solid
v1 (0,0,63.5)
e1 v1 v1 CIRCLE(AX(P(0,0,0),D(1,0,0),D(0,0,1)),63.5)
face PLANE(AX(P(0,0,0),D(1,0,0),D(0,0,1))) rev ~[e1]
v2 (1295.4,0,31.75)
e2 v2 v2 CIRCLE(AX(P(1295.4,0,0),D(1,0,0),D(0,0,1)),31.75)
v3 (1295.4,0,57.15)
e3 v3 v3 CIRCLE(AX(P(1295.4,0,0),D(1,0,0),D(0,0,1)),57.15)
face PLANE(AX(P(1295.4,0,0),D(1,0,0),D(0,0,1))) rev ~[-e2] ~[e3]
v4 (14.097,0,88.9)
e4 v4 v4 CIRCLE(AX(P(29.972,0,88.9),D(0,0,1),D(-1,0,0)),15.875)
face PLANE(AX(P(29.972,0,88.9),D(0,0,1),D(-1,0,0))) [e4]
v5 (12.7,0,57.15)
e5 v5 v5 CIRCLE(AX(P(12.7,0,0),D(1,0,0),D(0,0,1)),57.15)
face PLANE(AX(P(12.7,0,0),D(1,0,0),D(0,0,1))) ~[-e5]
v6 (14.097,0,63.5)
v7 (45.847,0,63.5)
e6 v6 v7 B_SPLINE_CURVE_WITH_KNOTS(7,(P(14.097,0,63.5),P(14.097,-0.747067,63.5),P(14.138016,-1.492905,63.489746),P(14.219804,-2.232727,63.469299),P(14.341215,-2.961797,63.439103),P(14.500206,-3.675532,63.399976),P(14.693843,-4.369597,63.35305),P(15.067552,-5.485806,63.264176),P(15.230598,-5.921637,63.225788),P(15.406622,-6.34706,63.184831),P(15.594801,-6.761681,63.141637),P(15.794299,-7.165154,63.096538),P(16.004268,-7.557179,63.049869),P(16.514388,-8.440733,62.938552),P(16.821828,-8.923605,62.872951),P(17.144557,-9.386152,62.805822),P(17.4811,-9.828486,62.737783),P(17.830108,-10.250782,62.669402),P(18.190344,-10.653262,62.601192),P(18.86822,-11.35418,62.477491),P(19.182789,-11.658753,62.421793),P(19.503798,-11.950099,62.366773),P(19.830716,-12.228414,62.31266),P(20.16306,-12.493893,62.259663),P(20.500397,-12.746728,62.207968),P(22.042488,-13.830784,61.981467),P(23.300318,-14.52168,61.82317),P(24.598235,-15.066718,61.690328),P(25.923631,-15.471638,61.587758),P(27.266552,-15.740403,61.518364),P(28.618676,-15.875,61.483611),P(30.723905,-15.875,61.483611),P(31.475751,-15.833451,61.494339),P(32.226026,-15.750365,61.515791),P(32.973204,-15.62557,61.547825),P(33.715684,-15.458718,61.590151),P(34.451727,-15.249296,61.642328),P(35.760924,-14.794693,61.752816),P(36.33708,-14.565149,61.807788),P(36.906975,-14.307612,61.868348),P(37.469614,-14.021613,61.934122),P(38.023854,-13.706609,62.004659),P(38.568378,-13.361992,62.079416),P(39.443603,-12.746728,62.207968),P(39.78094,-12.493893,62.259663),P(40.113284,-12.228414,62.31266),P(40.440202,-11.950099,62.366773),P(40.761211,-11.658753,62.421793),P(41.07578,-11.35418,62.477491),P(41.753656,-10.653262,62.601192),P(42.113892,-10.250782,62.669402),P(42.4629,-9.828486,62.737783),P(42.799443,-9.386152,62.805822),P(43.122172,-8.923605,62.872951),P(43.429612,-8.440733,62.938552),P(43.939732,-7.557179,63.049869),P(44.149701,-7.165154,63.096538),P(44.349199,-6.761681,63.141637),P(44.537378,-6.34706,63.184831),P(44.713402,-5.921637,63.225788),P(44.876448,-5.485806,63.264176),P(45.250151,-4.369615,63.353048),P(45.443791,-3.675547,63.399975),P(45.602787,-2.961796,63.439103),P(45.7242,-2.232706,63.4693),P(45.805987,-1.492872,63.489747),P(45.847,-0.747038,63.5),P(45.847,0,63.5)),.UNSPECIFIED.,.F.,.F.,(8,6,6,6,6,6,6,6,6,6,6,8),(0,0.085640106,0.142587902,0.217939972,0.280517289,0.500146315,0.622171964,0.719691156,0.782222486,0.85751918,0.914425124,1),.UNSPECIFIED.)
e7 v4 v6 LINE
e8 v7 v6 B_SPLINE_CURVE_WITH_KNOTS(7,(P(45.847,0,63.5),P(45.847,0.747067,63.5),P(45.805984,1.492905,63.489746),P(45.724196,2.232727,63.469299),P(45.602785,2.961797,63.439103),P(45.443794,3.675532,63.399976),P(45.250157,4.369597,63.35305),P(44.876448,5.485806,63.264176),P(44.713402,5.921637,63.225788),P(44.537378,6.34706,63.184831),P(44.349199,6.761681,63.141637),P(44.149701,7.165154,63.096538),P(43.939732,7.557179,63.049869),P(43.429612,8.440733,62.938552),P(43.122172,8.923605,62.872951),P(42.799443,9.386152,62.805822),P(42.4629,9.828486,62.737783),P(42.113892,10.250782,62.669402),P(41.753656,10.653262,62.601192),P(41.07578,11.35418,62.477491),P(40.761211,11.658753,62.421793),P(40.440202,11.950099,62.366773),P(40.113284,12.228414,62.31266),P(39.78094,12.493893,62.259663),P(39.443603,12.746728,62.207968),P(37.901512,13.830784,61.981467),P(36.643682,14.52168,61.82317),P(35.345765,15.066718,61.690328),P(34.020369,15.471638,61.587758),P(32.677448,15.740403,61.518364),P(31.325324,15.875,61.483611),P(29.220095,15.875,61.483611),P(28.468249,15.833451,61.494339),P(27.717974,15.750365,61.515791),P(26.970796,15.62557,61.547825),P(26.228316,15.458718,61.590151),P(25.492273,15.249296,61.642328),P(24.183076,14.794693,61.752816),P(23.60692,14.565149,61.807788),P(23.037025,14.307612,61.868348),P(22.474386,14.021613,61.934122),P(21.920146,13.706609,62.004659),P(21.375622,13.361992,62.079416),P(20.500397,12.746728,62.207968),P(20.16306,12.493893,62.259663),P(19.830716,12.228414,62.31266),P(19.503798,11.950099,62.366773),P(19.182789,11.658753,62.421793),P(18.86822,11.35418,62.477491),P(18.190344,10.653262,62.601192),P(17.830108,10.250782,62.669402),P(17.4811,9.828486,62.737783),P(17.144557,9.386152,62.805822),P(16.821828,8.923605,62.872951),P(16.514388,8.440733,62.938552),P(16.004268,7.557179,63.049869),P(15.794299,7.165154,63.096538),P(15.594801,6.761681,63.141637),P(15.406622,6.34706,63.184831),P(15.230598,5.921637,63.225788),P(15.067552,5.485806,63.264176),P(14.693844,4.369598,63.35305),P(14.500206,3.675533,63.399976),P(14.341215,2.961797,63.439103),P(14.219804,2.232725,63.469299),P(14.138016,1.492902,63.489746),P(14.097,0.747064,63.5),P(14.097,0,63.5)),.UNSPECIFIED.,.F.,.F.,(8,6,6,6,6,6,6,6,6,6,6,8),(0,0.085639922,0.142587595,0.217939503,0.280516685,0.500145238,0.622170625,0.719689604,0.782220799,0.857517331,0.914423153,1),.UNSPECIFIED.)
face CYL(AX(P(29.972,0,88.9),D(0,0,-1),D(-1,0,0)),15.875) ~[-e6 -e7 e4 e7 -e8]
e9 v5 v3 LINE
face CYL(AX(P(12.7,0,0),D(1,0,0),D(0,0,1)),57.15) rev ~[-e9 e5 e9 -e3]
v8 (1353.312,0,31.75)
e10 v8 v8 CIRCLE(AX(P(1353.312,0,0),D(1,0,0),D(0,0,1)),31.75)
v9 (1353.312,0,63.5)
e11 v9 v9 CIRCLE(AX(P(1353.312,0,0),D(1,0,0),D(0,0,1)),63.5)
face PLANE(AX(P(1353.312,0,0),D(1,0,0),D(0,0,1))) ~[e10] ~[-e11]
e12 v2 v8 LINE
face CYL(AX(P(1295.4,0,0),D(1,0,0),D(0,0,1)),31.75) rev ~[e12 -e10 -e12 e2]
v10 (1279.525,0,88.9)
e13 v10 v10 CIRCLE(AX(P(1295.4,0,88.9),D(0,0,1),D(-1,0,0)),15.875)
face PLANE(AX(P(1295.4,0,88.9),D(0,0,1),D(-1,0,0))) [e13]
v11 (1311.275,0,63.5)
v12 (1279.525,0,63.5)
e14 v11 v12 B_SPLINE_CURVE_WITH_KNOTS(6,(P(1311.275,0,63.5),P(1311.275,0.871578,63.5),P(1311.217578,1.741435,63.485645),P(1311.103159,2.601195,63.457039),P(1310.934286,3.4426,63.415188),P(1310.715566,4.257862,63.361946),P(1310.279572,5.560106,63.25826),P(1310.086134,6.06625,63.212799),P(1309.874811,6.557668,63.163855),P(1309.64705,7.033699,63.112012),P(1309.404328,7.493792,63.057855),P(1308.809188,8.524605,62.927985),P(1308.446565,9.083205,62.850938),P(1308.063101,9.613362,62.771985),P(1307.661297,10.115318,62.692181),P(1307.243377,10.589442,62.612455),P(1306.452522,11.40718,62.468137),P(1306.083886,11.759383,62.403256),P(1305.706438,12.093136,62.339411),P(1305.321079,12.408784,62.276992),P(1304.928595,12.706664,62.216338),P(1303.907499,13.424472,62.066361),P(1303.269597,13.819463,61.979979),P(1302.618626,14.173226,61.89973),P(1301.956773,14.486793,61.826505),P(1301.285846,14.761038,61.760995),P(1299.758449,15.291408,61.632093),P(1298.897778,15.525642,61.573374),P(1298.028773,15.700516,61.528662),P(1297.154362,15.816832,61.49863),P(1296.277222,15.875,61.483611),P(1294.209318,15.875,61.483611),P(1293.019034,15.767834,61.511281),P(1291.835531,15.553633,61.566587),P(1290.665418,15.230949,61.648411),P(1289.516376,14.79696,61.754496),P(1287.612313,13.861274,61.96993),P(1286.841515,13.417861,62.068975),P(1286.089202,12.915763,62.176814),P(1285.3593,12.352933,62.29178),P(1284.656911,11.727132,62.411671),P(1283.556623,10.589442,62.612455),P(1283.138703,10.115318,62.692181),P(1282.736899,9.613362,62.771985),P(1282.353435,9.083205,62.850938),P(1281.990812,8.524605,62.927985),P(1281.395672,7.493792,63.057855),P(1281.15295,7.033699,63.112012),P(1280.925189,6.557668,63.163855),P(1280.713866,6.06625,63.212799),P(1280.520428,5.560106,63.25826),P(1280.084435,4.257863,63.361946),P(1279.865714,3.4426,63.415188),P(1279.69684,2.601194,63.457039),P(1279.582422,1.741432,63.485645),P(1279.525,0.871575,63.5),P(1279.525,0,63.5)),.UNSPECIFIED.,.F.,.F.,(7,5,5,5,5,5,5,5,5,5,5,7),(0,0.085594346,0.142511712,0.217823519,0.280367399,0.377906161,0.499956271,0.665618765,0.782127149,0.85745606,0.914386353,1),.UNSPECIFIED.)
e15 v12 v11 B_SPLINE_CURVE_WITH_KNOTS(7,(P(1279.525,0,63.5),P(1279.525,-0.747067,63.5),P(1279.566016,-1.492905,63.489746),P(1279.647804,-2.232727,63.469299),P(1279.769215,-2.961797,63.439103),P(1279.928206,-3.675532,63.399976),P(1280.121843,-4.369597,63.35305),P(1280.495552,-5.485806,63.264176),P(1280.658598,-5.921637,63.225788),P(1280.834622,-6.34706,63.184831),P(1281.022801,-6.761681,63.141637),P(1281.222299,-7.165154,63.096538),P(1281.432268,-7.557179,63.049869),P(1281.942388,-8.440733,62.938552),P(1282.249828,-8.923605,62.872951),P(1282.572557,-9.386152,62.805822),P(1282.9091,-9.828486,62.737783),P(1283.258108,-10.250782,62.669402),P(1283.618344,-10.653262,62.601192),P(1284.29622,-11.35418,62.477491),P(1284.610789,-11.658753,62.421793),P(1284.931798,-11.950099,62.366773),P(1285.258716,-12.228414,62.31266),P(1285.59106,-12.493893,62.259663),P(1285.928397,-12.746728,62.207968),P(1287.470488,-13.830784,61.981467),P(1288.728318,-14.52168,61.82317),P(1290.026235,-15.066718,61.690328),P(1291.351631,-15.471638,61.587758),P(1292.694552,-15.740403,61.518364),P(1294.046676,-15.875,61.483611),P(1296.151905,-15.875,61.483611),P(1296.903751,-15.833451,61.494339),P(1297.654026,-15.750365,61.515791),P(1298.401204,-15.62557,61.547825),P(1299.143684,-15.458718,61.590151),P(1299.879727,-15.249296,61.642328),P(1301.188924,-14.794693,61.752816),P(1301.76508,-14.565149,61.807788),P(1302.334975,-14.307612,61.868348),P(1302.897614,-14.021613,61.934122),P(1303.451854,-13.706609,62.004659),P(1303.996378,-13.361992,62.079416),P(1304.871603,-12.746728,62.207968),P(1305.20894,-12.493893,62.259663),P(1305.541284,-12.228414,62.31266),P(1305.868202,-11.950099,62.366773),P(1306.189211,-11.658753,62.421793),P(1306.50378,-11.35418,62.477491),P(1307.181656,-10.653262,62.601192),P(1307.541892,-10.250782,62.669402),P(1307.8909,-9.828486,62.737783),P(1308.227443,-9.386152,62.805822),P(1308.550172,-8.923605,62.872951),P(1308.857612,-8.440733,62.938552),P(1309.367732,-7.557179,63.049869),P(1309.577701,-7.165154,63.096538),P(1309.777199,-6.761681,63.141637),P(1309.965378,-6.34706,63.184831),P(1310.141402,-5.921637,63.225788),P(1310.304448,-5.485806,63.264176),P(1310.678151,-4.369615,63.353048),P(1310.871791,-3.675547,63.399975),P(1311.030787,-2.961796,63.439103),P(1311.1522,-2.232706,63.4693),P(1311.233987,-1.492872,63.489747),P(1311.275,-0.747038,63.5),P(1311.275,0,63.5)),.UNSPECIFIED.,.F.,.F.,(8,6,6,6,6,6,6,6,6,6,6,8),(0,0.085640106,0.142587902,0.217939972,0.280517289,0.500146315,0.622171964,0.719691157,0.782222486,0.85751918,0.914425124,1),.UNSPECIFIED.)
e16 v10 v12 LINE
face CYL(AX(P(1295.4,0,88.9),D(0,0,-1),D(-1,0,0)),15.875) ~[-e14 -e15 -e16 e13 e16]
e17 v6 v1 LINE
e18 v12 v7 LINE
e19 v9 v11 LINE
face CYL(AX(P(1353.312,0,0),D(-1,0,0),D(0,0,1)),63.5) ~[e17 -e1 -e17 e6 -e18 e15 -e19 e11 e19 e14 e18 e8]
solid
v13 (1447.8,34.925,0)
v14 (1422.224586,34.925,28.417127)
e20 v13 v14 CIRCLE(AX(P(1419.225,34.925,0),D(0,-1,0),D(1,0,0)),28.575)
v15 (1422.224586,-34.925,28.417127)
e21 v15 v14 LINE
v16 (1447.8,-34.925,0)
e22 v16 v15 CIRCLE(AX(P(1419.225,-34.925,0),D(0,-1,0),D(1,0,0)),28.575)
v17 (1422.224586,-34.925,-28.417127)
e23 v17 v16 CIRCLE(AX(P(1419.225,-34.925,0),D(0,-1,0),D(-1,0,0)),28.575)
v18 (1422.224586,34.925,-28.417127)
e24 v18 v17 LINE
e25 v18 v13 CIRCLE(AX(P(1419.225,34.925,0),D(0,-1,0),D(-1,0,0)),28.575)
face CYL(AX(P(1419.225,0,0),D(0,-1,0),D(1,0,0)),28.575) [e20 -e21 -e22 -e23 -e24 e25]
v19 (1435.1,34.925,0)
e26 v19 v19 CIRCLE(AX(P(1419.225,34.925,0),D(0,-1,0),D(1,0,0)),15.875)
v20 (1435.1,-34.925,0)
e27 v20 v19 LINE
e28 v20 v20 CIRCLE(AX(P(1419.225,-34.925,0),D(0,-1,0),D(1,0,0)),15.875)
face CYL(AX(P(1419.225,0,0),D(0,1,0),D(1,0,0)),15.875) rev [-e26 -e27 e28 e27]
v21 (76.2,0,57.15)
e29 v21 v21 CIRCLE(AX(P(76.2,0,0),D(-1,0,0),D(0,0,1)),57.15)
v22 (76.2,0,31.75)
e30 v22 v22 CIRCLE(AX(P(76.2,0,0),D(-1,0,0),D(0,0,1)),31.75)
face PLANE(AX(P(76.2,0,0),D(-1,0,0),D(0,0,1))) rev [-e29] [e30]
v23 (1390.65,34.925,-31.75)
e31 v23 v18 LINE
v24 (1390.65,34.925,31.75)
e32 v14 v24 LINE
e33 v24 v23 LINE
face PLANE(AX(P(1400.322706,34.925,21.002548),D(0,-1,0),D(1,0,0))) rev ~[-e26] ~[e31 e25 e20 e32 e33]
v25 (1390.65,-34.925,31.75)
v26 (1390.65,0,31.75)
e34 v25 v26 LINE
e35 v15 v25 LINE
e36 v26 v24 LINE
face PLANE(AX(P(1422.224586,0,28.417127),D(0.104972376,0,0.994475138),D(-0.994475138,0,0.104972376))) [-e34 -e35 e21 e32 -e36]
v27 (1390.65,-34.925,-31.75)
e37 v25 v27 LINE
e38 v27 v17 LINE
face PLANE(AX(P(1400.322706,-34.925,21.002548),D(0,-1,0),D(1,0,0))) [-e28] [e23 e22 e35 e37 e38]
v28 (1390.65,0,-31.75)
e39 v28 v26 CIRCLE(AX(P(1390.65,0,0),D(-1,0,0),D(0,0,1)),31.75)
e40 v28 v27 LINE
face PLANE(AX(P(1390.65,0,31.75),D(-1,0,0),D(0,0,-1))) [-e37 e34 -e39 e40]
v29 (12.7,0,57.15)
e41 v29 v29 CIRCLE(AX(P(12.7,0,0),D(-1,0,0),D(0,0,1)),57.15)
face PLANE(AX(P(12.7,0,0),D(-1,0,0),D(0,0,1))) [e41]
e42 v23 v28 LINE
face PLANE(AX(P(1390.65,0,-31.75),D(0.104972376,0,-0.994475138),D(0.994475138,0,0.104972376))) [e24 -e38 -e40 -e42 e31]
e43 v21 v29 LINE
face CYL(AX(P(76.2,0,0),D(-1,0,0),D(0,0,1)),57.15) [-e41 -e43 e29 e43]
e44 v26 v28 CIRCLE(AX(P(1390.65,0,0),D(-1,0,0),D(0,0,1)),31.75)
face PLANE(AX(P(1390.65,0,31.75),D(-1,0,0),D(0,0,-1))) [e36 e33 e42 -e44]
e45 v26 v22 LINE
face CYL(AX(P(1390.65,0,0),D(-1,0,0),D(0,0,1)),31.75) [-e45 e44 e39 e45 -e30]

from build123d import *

# Parameters (mm, degrees)
F0_W     = 15.875
F0_H     = 6.35
F0_H_2   = 25.4
F0_R     = 15.875
F5_DEPTH = 34.925


with BuildPart() as f1:
    # F0 (on Front) → F1 (revolve)
    with BuildSketch(Plane.XZ):
        Polygon((0, 63.5), (0, 0), (12.7, 0), (12.7, 57.15), (14.097, 57.15), (14.097, 63.5), align=None)
        with Locations((22.0345, 60.325)):
            Rectangle(F0_W, F0_H)
        Polygon((1279.525, 63.5), (29.972, 63.5), (29.972, 57.15), (76.2, 57.15), (1279.525, 57.15), align=None)
        with Locations((1287.4625, 60.325)):
            Rectangle(F0_W, F0_H)
        Polygon((1295.4, 31.75), (1353.312, 31.75), (1353.312, 63.5), (1295.4, 63.5), (1295.4, 57.15), align=None)
    revolve(axis=Axis((6.35, 0, 0), (1, 0, 0)))

    # F0 (on Front) → F2 (revolve)
    with BuildSketch(Plane.XZ):
        with Locations((22.0345, 76.2)):
            Rectangle(F0_W, F0_H_2)
        with Locations((22.0345, 60.325)):
            Rectangle(F0_W, F0_H)
    revolve(axis=Axis((29.972, 0, 73.025), (0, 0, 1)))

    # F0 (on Front) → F3 (revolve)
    with BuildSketch(Plane.XZ):
        with Locations((1287.4625, 76.2)):
            Rectangle(F0_W, F0_H_2)
        with Locations((1287.4625, 60.325)):
            Rectangle(F0_W, F0_H)
    revolve(axis=Axis((1295.4, 0, 73.025), (0, 0, 1)))


with BuildPart() as f4:
    # F0 (on Front) → F4 (revolve)
    with BuildSketch(Plane.XZ):
        Polygon((12.7, 57.15), (12.7, 0), (1390.65, 0), (1390.65, 31.75), (1353.312, 31.75), (1295.4, 31.75), (76.2, 31.75), (76.2, 57.15), (29.972, 57.15), (14.097, 57.15), align=None)
    revolve(axis=Axis((701.675, 0, 0), (-1, 0, 0)))

    # F0 (on Front) → F5 (join, symmetric)
    with BuildSketch(Plane.XZ):
        with BuildLine():
            Line((1390.65, 31.75), (1390.65, 0))
            ThreePointArc((1390.65, 0), (1400.1093327939, 21.239630229), (1422.2245856354, 28.4171270718))
            Line((1422.2245856354, 28.4171270718), (1390.65, 31.75))
        make_face()
        with BuildLine():
            ThreePointArc((1422.2245856354, 28.4171270718), (1400.1093327939, 21.239630229), (1390.65, 0))
            ThreePointArc((1390.65, 0), (1400.1093327939, -21.239630229), (1422.2245856354, -28.4171270718))
            ThreePointArc((1422.2245856354, -28.4171270718), (1440.464630229, -19.1156672061), (1447.8, 0))
            ThreePointArc((1447.8, 0), (1440.464630229, 19.1156672061), (1422.2245856354, 28.4171270718))
        make_face()
        with Locations((1419.225, 0)):
            Circle(F0_R, mode=Mode.SUBTRACT)
        with BuildLine():
            ThreePointArc((1422.2245856354, -28.4171270718), (1400.1093327939, -21.239630229), (1390.65, 0))
            Line((1390.65, 0), (1390.65, -31.75))
            Line((1390.65, -31.75), (1422.2245856354, -28.4171270718))
        make_face()
    extrude(amount=F5_DEPTH, both=True)


solid = Compound([f1.part, f4.part])
